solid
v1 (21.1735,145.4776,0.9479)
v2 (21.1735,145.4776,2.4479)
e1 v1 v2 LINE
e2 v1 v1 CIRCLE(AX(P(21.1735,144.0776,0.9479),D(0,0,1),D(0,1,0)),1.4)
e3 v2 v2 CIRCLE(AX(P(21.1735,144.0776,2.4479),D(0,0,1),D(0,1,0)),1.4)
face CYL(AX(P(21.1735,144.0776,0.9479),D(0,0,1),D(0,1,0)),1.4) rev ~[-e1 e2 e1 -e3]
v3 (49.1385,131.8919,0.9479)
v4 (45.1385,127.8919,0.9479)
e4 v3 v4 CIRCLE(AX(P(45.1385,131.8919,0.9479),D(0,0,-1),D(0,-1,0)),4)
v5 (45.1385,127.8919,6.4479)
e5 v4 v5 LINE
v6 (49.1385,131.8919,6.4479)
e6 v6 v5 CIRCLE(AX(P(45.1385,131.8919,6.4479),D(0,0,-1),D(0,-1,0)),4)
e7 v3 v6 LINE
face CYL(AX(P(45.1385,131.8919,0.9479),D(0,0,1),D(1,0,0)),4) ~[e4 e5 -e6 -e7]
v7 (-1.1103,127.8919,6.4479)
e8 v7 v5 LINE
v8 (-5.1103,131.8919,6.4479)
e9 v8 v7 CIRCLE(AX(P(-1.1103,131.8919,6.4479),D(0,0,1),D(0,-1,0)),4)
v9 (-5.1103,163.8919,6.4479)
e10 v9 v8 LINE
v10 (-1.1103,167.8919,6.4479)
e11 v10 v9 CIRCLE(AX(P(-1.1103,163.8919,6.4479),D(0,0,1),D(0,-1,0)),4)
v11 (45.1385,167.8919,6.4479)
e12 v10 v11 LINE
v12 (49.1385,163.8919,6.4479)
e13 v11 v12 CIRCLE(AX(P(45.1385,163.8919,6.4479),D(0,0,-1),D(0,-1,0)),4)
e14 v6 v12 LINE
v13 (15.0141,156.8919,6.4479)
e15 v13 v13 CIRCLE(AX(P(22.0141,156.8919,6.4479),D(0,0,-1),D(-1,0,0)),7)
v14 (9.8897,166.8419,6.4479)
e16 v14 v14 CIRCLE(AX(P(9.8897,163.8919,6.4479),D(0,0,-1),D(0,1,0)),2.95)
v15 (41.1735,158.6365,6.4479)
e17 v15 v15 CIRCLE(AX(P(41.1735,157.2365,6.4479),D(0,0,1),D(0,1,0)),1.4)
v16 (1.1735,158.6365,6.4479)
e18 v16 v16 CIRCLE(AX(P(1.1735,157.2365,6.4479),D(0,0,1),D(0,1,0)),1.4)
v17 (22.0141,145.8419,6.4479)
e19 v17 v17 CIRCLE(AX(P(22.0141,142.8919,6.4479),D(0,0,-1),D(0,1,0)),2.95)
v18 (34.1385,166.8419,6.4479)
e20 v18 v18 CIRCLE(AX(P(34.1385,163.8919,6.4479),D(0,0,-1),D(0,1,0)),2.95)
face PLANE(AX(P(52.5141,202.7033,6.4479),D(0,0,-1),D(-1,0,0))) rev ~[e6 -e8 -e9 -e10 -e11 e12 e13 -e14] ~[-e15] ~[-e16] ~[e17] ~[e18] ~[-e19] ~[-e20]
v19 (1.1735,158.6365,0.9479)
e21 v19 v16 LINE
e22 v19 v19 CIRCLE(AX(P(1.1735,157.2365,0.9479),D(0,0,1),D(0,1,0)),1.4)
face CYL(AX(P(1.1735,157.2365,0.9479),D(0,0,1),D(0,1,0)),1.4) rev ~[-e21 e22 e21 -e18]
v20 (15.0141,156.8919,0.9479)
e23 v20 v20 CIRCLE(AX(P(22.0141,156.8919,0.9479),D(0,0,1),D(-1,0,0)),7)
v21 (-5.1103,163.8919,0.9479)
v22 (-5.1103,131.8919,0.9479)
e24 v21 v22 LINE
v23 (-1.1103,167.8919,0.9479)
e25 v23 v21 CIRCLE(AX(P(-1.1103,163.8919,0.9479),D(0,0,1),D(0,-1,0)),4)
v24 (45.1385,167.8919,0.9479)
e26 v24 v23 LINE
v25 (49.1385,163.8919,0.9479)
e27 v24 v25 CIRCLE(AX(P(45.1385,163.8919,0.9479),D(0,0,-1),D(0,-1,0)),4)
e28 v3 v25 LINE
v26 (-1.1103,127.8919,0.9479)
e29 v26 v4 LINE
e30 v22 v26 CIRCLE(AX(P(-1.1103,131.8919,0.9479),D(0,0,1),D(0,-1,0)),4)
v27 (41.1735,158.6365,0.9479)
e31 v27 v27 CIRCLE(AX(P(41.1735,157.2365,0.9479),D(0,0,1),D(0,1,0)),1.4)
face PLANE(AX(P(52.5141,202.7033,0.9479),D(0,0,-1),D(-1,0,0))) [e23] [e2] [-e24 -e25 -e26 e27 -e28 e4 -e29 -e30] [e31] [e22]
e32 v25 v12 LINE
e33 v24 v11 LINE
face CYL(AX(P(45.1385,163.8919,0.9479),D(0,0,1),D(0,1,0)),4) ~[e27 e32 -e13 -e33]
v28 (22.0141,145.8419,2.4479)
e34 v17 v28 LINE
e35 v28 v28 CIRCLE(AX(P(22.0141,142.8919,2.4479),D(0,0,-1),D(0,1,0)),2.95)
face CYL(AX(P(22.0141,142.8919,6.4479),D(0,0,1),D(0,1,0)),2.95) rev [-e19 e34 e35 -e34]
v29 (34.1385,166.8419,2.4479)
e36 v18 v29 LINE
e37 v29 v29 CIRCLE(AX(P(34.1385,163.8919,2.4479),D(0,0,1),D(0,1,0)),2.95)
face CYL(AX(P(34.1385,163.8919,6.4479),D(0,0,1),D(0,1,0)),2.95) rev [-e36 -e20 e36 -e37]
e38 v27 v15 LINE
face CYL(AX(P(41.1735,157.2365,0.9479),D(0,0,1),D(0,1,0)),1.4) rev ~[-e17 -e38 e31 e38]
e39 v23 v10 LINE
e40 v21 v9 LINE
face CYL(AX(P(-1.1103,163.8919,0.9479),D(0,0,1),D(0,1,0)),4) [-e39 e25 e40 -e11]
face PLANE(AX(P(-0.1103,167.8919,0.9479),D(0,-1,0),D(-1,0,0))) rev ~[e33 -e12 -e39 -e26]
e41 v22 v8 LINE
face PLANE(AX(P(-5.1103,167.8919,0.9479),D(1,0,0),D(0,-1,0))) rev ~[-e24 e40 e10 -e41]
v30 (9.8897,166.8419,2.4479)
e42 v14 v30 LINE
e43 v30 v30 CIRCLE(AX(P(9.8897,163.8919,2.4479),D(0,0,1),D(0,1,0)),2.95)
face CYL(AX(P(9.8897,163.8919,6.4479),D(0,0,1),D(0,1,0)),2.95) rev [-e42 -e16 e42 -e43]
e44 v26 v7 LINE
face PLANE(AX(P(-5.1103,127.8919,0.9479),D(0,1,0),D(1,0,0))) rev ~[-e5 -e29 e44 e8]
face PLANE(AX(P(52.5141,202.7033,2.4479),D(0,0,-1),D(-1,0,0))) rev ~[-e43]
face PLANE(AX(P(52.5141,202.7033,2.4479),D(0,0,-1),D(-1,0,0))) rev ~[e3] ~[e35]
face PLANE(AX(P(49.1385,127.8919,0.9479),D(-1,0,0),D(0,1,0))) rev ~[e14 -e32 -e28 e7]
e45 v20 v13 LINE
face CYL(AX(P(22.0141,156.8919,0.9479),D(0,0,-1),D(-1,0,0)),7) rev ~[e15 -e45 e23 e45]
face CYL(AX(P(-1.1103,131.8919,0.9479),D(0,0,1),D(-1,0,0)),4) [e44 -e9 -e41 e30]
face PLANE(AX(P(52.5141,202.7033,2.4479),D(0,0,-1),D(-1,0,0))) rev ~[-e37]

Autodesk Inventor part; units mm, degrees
ref_plane "YZ Plane" through (0, 0, 0) normal (1, 0, 0) x (0, 1, 0)
ref_plane "XZ Plane" through (0, 0, 0) normal (0, 1, 0) x (-1, 0, 0)
ref_plane "XY Plane" through (0, 0, 0) normal (0, 0, 1) x (1, 0, 0)
ref_plane "Work Plane1" through (52.5141, 202.7033, 6.4479) normal (0, 0, -1) x (0, 1, 0)
sketch "Sketch1" plane through (52.5141, 202.7033, 6.4479) normal (0, 0, -1) x (0, 1, 0)
  circle A0 centre (-59.8114, -30.5) radius 1.4 construction
  circle A1 centre (-38.8114, -18.3756) radius 1.4 projected
  circle A2 centre (-38.8114, -42.6244) radius 1.4 construction
  circle A3 centre (41, 0) radius 1.65 projected
  circle A4 centre (-9, 0) radius 1.65 projected
  circle A5 centre (-9, 50) radius 1.65 projected
  circle A6 centre (41, 50) radius 1.65 projected
  circle A7 centre (16, 50) radius 1.65 projected
  circle A8 centre (-9, 25) radius 1.65 projected
  circle A9 centre (16, 0) radius 1.65 projected
  circle A10 centre (41, 25) radius 1.65 projected
  line L0 (80, 55) -> (-80, 55) projected
  line L1 (-80, 55) -> (-80, -55) projected
  line L2 (-80, -55) -> (80, -55) projected
  line L3 (80, -55) -> (80, 55) projected
  line L4 (-36.5, 0) -> (-36.5, -50) projected
  line L5 (-14, 0) -> (-36.5, 0) projected
  line L6 (-14, -5) -> (-14, 0) projected
  line L7 (72, -5) -> (-14, -5) projected
  line L8 (72, -50) -> (72, -5) projected
  line L9 (-36.5, -50) -> (72, -50) projected
  line L10 (-4, 45) -> (-4, 5) projected
  line L11 (36, 45) -> (-4, 45) projected
  line L12 (36, 5) -> (36, 45) projected
  line L13 (-4, 5) -> (36, 5) projected
  line L14 (-64.5989, -17.0433) -> (-64.5989, -57.0433) construction
  line L15 (-64.5989, -57.0433) -> (-34.5989, -57.0433) construction
  line L16 (-34.5989, -57.0433) -> (-34.5989, -17.0433) construction
  line L17 (-34.5989, -17.0433) -> (-64.5989, -17.0433) construction
  line L18 (-34.8114, -13.0433) -> (-63.8114, -13.0433)
  line L19 (-63.8114, -13.0433) -> (-63.8114, -52.6244)
  line L20 (-63.8114, -52.6244) -> (-34.8114, -52.6244)
  line L21 (-34.8114, -52.6244) -> (-34.8114, -13.0433)
  circle A11 centre (-59.8114, -30.5) radius 2.95
  circle A12 centre (-38.8114, -18.3756) radius 2.95
  circle A13 centre (-38.8114, -42.6244) radius 2.95 construction
  line L22 (-36.5, -35.1157) -> (-41.75, -35.1157) construction
  line L23 (-41.75, -35.1157) -> (-41.75, -38.5657) construction
  line L24 (-41.75, -38.5657) -> (-56.86, -38.5657) construction
  line L25 (-56.86, -38.5657) -> (-56.86, -35.1157) construction
  line L26 (-56.86, -35.1157) -> (-60.26, -35.1157) construction
  line L27 (-60.26, -35.1157) -> (-60.26, -52.0657) construction
  line L28 (-60.26, -52.0657) -> (-36.5, -52.0657) construction
  line L29 (-36.5, -52.0657) -> (-36.5, -35.1157) construction
  line L30 (-41.75, -28.3657) -> (-36.5, -28.3657) construction
  line L31 (-36.5, -28.3657) -> (-36.5, -25.0657) construction
  line L32 (-36.5, -25.0657) -> (-60.26, -25.0657) construction
  line L33 (-60.26, -25.0657) -> (-60.26, -28.3657) construction
  line L34 (-60.26, -28.3657) -> (-56.86, -28.3657) construction
  line L35 (-56.86, -28.3657) -> (-56.86, -27.0942) construction
  line L36 (-56.86, -27.0942) -> (-41.75, -27.0942) construction
  line L37 (-41.75, -27.0942) -> (-41.75, -28.3657) construction
  line L38 (-56.86, -35.1157) -> (-60.26, -35.1157) construction
  line L39 (-56.86, -38.5657) -> (-56.86, -35.1157) construction
  line L40 (-41.75, -38.5657) -> (-56.86, -38.5657) construction
  line L41 (-41.75, -35.1157) -> (-41.75, -38.5657) construction
  line L42 (-36.5, -35.1157) -> (-41.75, -35.1157) construction
  line L43 (-36.5, -35.05) -> (-36.5, -35.1157) construction
  line L44 (-36.5, -35.05) -> (-56.86, -35.05) construction
  line L45 (-36.5, -34.78) -> (-36.5, -35.05) construction
  line L46 (-36.5, -34.78) -> (-56.86, -34.78) construction
  line L47 (-36.5, -34.51) -> (-36.5, -34.78) construction
  line L48 (-36.5, -34.51) -> (-56.86, -34.51) construction
  line L49 (-36.5, -34.24) -> (-36.5, -34.51) construction
  line L50 (-36.5, -34.24) -> (-56.86, -34.24) construction
  line L51 (-36.5, -33.97) -> (-36.5, -34.24) construction
  line L52 (-36.5, -33.97) -> (-56.86, -33.97) construction
  line L53 (-36.5, -33.7) -> (-36.5, -33.97) construction
  line L54 (-36.5, -33.7) -> (-56.86, -33.7) construction
  line L55 (-36.5, -33.43) -> (-36.5, -33.7) construction
  line L56 (-36.5, -33.43) -> (-56.86, -33.43) construction
  line L57 (-36.5, -33.16) -> (-36.5, -33.43) construction
  line L58 (-36.5, -33.16) -> (-56.86, -33.16) construction
  line L59 (-36.5, -32.89) -> (-36.5, -33.16) construction
  line L60 (-36.5, -32.89) -> (-56.86, -32.89) construction
  line L61 (-36.5, -32.62) -> (-36.5, -32.89) construction
  line L62 (-36.5, -32.62) -> (-56.86, -32.62) construction
  line L63 (-36.5, -32.35) -> (-36.5, -32.62) construction
  line L64 (-36.5, -32.35) -> (-56.86, -32.35) construction
  line L65 (-36.5, -32.08) -> (-36.5, -32.35) construction
  line L66 (-36.5, -32.08) -> (-56.86, -32.08) construction
  line L67 (-36.5, -31.81) -> (-36.5, -32.08) construction
  line L68 (-36.5, -31.81) -> (-56.86, -31.81) construction
  line L69 (-36.5, -31.54) -> (-36.5, -31.81) construction
  line L70 (-36.5, -31.54) -> (-56.86, -31.54) construction
  line L71 (-36.5, -31.27) -> (-36.5, -31.54) construction
  line L72 (-36.5, -31.27) -> (-56.86, -31.27) construction
  line L73 (-36.5, -31) -> (-36.5, -31.27) construction
  line L74 (-36.5, -31) -> (-56.86, -31) construction
  line L75 (-36.5, -30.73) -> (-36.5, -31) construction
  line L76 (-36.5, -30.73) -> (-56.86, -30.73) construction
  line L77 (-36.5, -30.46) -> (-36.5, -30.73) construction
  line L78 (-36.5, -30.46) -> (-56.86, -30.46) construction
  line L79 (-36.5, -30.19) -> (-36.5, -30.46) construction
  line L80 (-36.5, -30.19) -> (-56.86, -30.19) construction
  line L81 (-36.5, -29.92) -> (-36.5, -30.19) construction
  line L82 (-36.5, -29.92) -> (-56.86, -29.92) construction
  line L83 (-36.5, -29.65) -> (-36.5, -29.92) construction
  line L84 (-36.5, -29.65) -> (-56.86, -29.65) construction
  line L85 (-36.5, -29.38) -> (-36.5, -29.65) construction
  line L86 (-36.5, -29.38) -> (-56.86, -29.38) construction
  line L87 (-36.5, -29.11) -> (-36.5, -29.38) construction
  line L88 (-36.5, -29.11) -> (-56.86, -29.11) construction
  line L89 (-36.5, -28.84) -> (-36.5, -29.11) construction
  line L90 (-36.5, -28.84) -> (-56.86, -28.84) construction
  line L91 (-36.5, -28.3657) -> (-36.5, -28.84) construction
  line L92 (-41.75, -28.3657) -> (-36.5, -28.3657) construction
  line L93 (-41.75, -27.0942) -> (-41.75, -28.3657) construction
  line L94 (-56.86, -27.0942) -> (-41.75, -27.0942) construction
  line L95 (-56.86, -28.3657) -> (-56.86, -27.0942) construction
  line L96 (-60.26, -28.3657) -> (-56.86, -28.3657) construction
  line L97 (-60.26, -35.1157) -> (-60.26, -28.3657) construction
  line L98 (-60.26, -25.0657) -> (-36.5, -25.0657) construction
  line L99 (-36.5, -25.0657) -> (-36.5, -52.0657) construction
  line L100 (-60.26, -52.0657) -> (-60.26, -25.0657) construction
  line L101 (-57.1632, -22.5233) -> (-33.4032, -22.5233) construction
  line L102 (-33.4032, -22.5233) -> (-33.4032, -49.5233) construction
  line L103 (-33.4032, -49.5233) -> (-57.1632, -49.5233) construction
  line L104 (-57.1632, -49.5233) -> (-57.1632, -22.5233) construction
  circle A14 centre (-38.8114, -42.6244) radius 2.95
  point P0 (-202.7033, -52.5141)
  point P1 (-56.7146, -27.9576)
  dimension "d0" = 4
  dimension "d2" = 4
  dimension "d3" = 4
  dimension "d4" = 5.9
  dimension "d5" = 5.9
  dimension "d6" = 5.9
  dimension "d10" = 10
extrude "Extrusion1" add sketch "Sketch1" along normal blind 4 contours L18 L21 L9 L4 A14 A12 | L4 A12 A14 L9 L21 L20 L19 L18
sketch "Sketch2" plane through (52.5141, 202.7033, 2.4479) normal (0, 0, -1) x (-1, 0, 0)
  circle A0 centre (42.6244, -38.8114) radius 2.95 projected
  circle A1 centre (18.3756, -38.8114) radius 2.95 projected
  circle A2 centre (30.5, -59.8114) radius 2.95 projected
  line L0 (13.0433, -34.8114) -> (13.0433, -63.8114) projected
  line L1 (13.0433, -63.8114) -> (52.6244, -63.8114) projected
  line L2 (52.6244, -63.8114) -> (52.6244, -34.8114) projected
  line L3 (52.6244, -34.8114) -> (13.0433, -34.8114) projected
  point P0 (52.5141, -202.7033)
extrude "Extrusion2" add sketch "Sketch2" along normal blind 1.5 contours A0 | A1 | A2 | L3 L2 L1 L0
sketch "Sketch6" plane through (52.5141, 202.7033, 0.9479) normal (0, 0, -1) x (-1, 0, 0)
  line L0 (13.0433, -34.8114) -> (13.0433, -63.8114) projected
  line L1 (13.0433, -63.8114) -> (52.6244, -63.8114) projected
  line L2 (52.6244, -63.8114) -> (52.6244, -34.8114) projected
  line L3 (52.6244, -34.8114) -> (13.0433, -34.8114) projected
  circle A0 centre (42.6244, -38.8114) radius 2.95 projected
  circle A1 centre (18.3756, -38.8114) radius 2.95 projected
  circle A2 centre (30.5, -59.8114) radius 2.95 projected
  line L4 (3.3756, -34.8114) -> (57.6244, -34.8114)
  line L5 (57.6244, -34.8114) -> (57.6244, -74.8114)
  line L6 (57.6244, -74.8114) -> (3.3756, -74.8114)
  line L7 (3.3756, -74.8114) -> (3.3756, -34.8114)
  point P0 (52.5141, -202.7033)
  dimension "d34" = 15
  dimension "d35" = 15
  dimension "d36" = 15
extrude "Extrusion6" add sketch "Sketch6" against normal up to surface (5.5 mm away) contours L0 L1 L2 L4 L5 L6 L7
sketch "Sketch7" plane through (52.5141, 202.7033, 0.9479) normal (0, 0, -1) x (-1, 0, 0)
  circle A0 centre (30.5, -59.8114) radius 2.95 projected
  circle A1 centre (18.3756, -38.8114) radius 2.95 projected
  circle A2 centre (42.6244, -38.8114) radius 2.95 projected
  line L0 (30.5, -59.8114) -> (42.6244, -38.8114)
  line L1 (42.6244, -38.8114) -> (18.3756, -38.8114)
  line L2 (18.3756, -38.8114) -> (30.5, -59.8114)
  circle A3 centre (30.5, -45.8114) radius 7
  circle A4 centre (30.5, -45.8114) radius 6.2512
  point P0 (52.5141, -202.7033)
extrude "Extrusion7" cut sketch "Sketch7" against normal through all contours A3 | A4
fillet "Fillet1" radius 4 4 edges at (49.1384, 127.8919, 3.6979) (49.1384, 167.8919, 3.6979) (-5.1103, 127.8919, 3.6979) (-5.1103, 167.8919, 3.6979)
sketch "Sketch8" plane through (52.5141, 202.7033, 0.9479) normal (0, 0, -1) x (-1, 0, 0)
  circle A0 centre (51.3406, -45.4668) radius 1.6 projected
  circle A1 centre (11.3406, -45.4668) radius 1.6 projected
  arc A2 (57.6244, -38.8114) -> (53.6244, -34.8114) centre (53.6244, -38.8114) ccw projected
  line L0 (7.3756, -34.8114) -> (53.6244, -34.8114) projected
  arc A3 (7.3756, -34.8114) -> (3.3756, -38.8114) centre (7.3756, -38.8114) ccw projected
  line L1 (3.3756, -70.8114) -> (3.3756, -38.8114) projected
  arc A4 (3.3756, -70.8114) -> (7.3756, -74.8114) centre (7.3756, -70.8114) ccw projected
  line L2 (53.6244, -74.8114) -> (7.3756, -74.8114) projected
  arc A5 (53.6244, -74.8114) -> (57.6244, -70.8114) centre (53.6244, -70.8114) ccw projected
  line L3 (57.6244, -38.8114) -> (57.6244, -70.8114) projected
  circle A6 centre (31.3406, -58.6258) radius 1.6 projected
  point P0 (52.5141, -202.7033)
hole "Hole1" at (1.1735, 157.2365, 0.9479) at (21.1735, 144.0776, 0.9479) at (41.1735, 157.2365, 0.9479) direction (0, 0, 1) diameter 2.8 end through all
properties part number "cellSTORM_v5_chiptray_new_25.4mm_0"
